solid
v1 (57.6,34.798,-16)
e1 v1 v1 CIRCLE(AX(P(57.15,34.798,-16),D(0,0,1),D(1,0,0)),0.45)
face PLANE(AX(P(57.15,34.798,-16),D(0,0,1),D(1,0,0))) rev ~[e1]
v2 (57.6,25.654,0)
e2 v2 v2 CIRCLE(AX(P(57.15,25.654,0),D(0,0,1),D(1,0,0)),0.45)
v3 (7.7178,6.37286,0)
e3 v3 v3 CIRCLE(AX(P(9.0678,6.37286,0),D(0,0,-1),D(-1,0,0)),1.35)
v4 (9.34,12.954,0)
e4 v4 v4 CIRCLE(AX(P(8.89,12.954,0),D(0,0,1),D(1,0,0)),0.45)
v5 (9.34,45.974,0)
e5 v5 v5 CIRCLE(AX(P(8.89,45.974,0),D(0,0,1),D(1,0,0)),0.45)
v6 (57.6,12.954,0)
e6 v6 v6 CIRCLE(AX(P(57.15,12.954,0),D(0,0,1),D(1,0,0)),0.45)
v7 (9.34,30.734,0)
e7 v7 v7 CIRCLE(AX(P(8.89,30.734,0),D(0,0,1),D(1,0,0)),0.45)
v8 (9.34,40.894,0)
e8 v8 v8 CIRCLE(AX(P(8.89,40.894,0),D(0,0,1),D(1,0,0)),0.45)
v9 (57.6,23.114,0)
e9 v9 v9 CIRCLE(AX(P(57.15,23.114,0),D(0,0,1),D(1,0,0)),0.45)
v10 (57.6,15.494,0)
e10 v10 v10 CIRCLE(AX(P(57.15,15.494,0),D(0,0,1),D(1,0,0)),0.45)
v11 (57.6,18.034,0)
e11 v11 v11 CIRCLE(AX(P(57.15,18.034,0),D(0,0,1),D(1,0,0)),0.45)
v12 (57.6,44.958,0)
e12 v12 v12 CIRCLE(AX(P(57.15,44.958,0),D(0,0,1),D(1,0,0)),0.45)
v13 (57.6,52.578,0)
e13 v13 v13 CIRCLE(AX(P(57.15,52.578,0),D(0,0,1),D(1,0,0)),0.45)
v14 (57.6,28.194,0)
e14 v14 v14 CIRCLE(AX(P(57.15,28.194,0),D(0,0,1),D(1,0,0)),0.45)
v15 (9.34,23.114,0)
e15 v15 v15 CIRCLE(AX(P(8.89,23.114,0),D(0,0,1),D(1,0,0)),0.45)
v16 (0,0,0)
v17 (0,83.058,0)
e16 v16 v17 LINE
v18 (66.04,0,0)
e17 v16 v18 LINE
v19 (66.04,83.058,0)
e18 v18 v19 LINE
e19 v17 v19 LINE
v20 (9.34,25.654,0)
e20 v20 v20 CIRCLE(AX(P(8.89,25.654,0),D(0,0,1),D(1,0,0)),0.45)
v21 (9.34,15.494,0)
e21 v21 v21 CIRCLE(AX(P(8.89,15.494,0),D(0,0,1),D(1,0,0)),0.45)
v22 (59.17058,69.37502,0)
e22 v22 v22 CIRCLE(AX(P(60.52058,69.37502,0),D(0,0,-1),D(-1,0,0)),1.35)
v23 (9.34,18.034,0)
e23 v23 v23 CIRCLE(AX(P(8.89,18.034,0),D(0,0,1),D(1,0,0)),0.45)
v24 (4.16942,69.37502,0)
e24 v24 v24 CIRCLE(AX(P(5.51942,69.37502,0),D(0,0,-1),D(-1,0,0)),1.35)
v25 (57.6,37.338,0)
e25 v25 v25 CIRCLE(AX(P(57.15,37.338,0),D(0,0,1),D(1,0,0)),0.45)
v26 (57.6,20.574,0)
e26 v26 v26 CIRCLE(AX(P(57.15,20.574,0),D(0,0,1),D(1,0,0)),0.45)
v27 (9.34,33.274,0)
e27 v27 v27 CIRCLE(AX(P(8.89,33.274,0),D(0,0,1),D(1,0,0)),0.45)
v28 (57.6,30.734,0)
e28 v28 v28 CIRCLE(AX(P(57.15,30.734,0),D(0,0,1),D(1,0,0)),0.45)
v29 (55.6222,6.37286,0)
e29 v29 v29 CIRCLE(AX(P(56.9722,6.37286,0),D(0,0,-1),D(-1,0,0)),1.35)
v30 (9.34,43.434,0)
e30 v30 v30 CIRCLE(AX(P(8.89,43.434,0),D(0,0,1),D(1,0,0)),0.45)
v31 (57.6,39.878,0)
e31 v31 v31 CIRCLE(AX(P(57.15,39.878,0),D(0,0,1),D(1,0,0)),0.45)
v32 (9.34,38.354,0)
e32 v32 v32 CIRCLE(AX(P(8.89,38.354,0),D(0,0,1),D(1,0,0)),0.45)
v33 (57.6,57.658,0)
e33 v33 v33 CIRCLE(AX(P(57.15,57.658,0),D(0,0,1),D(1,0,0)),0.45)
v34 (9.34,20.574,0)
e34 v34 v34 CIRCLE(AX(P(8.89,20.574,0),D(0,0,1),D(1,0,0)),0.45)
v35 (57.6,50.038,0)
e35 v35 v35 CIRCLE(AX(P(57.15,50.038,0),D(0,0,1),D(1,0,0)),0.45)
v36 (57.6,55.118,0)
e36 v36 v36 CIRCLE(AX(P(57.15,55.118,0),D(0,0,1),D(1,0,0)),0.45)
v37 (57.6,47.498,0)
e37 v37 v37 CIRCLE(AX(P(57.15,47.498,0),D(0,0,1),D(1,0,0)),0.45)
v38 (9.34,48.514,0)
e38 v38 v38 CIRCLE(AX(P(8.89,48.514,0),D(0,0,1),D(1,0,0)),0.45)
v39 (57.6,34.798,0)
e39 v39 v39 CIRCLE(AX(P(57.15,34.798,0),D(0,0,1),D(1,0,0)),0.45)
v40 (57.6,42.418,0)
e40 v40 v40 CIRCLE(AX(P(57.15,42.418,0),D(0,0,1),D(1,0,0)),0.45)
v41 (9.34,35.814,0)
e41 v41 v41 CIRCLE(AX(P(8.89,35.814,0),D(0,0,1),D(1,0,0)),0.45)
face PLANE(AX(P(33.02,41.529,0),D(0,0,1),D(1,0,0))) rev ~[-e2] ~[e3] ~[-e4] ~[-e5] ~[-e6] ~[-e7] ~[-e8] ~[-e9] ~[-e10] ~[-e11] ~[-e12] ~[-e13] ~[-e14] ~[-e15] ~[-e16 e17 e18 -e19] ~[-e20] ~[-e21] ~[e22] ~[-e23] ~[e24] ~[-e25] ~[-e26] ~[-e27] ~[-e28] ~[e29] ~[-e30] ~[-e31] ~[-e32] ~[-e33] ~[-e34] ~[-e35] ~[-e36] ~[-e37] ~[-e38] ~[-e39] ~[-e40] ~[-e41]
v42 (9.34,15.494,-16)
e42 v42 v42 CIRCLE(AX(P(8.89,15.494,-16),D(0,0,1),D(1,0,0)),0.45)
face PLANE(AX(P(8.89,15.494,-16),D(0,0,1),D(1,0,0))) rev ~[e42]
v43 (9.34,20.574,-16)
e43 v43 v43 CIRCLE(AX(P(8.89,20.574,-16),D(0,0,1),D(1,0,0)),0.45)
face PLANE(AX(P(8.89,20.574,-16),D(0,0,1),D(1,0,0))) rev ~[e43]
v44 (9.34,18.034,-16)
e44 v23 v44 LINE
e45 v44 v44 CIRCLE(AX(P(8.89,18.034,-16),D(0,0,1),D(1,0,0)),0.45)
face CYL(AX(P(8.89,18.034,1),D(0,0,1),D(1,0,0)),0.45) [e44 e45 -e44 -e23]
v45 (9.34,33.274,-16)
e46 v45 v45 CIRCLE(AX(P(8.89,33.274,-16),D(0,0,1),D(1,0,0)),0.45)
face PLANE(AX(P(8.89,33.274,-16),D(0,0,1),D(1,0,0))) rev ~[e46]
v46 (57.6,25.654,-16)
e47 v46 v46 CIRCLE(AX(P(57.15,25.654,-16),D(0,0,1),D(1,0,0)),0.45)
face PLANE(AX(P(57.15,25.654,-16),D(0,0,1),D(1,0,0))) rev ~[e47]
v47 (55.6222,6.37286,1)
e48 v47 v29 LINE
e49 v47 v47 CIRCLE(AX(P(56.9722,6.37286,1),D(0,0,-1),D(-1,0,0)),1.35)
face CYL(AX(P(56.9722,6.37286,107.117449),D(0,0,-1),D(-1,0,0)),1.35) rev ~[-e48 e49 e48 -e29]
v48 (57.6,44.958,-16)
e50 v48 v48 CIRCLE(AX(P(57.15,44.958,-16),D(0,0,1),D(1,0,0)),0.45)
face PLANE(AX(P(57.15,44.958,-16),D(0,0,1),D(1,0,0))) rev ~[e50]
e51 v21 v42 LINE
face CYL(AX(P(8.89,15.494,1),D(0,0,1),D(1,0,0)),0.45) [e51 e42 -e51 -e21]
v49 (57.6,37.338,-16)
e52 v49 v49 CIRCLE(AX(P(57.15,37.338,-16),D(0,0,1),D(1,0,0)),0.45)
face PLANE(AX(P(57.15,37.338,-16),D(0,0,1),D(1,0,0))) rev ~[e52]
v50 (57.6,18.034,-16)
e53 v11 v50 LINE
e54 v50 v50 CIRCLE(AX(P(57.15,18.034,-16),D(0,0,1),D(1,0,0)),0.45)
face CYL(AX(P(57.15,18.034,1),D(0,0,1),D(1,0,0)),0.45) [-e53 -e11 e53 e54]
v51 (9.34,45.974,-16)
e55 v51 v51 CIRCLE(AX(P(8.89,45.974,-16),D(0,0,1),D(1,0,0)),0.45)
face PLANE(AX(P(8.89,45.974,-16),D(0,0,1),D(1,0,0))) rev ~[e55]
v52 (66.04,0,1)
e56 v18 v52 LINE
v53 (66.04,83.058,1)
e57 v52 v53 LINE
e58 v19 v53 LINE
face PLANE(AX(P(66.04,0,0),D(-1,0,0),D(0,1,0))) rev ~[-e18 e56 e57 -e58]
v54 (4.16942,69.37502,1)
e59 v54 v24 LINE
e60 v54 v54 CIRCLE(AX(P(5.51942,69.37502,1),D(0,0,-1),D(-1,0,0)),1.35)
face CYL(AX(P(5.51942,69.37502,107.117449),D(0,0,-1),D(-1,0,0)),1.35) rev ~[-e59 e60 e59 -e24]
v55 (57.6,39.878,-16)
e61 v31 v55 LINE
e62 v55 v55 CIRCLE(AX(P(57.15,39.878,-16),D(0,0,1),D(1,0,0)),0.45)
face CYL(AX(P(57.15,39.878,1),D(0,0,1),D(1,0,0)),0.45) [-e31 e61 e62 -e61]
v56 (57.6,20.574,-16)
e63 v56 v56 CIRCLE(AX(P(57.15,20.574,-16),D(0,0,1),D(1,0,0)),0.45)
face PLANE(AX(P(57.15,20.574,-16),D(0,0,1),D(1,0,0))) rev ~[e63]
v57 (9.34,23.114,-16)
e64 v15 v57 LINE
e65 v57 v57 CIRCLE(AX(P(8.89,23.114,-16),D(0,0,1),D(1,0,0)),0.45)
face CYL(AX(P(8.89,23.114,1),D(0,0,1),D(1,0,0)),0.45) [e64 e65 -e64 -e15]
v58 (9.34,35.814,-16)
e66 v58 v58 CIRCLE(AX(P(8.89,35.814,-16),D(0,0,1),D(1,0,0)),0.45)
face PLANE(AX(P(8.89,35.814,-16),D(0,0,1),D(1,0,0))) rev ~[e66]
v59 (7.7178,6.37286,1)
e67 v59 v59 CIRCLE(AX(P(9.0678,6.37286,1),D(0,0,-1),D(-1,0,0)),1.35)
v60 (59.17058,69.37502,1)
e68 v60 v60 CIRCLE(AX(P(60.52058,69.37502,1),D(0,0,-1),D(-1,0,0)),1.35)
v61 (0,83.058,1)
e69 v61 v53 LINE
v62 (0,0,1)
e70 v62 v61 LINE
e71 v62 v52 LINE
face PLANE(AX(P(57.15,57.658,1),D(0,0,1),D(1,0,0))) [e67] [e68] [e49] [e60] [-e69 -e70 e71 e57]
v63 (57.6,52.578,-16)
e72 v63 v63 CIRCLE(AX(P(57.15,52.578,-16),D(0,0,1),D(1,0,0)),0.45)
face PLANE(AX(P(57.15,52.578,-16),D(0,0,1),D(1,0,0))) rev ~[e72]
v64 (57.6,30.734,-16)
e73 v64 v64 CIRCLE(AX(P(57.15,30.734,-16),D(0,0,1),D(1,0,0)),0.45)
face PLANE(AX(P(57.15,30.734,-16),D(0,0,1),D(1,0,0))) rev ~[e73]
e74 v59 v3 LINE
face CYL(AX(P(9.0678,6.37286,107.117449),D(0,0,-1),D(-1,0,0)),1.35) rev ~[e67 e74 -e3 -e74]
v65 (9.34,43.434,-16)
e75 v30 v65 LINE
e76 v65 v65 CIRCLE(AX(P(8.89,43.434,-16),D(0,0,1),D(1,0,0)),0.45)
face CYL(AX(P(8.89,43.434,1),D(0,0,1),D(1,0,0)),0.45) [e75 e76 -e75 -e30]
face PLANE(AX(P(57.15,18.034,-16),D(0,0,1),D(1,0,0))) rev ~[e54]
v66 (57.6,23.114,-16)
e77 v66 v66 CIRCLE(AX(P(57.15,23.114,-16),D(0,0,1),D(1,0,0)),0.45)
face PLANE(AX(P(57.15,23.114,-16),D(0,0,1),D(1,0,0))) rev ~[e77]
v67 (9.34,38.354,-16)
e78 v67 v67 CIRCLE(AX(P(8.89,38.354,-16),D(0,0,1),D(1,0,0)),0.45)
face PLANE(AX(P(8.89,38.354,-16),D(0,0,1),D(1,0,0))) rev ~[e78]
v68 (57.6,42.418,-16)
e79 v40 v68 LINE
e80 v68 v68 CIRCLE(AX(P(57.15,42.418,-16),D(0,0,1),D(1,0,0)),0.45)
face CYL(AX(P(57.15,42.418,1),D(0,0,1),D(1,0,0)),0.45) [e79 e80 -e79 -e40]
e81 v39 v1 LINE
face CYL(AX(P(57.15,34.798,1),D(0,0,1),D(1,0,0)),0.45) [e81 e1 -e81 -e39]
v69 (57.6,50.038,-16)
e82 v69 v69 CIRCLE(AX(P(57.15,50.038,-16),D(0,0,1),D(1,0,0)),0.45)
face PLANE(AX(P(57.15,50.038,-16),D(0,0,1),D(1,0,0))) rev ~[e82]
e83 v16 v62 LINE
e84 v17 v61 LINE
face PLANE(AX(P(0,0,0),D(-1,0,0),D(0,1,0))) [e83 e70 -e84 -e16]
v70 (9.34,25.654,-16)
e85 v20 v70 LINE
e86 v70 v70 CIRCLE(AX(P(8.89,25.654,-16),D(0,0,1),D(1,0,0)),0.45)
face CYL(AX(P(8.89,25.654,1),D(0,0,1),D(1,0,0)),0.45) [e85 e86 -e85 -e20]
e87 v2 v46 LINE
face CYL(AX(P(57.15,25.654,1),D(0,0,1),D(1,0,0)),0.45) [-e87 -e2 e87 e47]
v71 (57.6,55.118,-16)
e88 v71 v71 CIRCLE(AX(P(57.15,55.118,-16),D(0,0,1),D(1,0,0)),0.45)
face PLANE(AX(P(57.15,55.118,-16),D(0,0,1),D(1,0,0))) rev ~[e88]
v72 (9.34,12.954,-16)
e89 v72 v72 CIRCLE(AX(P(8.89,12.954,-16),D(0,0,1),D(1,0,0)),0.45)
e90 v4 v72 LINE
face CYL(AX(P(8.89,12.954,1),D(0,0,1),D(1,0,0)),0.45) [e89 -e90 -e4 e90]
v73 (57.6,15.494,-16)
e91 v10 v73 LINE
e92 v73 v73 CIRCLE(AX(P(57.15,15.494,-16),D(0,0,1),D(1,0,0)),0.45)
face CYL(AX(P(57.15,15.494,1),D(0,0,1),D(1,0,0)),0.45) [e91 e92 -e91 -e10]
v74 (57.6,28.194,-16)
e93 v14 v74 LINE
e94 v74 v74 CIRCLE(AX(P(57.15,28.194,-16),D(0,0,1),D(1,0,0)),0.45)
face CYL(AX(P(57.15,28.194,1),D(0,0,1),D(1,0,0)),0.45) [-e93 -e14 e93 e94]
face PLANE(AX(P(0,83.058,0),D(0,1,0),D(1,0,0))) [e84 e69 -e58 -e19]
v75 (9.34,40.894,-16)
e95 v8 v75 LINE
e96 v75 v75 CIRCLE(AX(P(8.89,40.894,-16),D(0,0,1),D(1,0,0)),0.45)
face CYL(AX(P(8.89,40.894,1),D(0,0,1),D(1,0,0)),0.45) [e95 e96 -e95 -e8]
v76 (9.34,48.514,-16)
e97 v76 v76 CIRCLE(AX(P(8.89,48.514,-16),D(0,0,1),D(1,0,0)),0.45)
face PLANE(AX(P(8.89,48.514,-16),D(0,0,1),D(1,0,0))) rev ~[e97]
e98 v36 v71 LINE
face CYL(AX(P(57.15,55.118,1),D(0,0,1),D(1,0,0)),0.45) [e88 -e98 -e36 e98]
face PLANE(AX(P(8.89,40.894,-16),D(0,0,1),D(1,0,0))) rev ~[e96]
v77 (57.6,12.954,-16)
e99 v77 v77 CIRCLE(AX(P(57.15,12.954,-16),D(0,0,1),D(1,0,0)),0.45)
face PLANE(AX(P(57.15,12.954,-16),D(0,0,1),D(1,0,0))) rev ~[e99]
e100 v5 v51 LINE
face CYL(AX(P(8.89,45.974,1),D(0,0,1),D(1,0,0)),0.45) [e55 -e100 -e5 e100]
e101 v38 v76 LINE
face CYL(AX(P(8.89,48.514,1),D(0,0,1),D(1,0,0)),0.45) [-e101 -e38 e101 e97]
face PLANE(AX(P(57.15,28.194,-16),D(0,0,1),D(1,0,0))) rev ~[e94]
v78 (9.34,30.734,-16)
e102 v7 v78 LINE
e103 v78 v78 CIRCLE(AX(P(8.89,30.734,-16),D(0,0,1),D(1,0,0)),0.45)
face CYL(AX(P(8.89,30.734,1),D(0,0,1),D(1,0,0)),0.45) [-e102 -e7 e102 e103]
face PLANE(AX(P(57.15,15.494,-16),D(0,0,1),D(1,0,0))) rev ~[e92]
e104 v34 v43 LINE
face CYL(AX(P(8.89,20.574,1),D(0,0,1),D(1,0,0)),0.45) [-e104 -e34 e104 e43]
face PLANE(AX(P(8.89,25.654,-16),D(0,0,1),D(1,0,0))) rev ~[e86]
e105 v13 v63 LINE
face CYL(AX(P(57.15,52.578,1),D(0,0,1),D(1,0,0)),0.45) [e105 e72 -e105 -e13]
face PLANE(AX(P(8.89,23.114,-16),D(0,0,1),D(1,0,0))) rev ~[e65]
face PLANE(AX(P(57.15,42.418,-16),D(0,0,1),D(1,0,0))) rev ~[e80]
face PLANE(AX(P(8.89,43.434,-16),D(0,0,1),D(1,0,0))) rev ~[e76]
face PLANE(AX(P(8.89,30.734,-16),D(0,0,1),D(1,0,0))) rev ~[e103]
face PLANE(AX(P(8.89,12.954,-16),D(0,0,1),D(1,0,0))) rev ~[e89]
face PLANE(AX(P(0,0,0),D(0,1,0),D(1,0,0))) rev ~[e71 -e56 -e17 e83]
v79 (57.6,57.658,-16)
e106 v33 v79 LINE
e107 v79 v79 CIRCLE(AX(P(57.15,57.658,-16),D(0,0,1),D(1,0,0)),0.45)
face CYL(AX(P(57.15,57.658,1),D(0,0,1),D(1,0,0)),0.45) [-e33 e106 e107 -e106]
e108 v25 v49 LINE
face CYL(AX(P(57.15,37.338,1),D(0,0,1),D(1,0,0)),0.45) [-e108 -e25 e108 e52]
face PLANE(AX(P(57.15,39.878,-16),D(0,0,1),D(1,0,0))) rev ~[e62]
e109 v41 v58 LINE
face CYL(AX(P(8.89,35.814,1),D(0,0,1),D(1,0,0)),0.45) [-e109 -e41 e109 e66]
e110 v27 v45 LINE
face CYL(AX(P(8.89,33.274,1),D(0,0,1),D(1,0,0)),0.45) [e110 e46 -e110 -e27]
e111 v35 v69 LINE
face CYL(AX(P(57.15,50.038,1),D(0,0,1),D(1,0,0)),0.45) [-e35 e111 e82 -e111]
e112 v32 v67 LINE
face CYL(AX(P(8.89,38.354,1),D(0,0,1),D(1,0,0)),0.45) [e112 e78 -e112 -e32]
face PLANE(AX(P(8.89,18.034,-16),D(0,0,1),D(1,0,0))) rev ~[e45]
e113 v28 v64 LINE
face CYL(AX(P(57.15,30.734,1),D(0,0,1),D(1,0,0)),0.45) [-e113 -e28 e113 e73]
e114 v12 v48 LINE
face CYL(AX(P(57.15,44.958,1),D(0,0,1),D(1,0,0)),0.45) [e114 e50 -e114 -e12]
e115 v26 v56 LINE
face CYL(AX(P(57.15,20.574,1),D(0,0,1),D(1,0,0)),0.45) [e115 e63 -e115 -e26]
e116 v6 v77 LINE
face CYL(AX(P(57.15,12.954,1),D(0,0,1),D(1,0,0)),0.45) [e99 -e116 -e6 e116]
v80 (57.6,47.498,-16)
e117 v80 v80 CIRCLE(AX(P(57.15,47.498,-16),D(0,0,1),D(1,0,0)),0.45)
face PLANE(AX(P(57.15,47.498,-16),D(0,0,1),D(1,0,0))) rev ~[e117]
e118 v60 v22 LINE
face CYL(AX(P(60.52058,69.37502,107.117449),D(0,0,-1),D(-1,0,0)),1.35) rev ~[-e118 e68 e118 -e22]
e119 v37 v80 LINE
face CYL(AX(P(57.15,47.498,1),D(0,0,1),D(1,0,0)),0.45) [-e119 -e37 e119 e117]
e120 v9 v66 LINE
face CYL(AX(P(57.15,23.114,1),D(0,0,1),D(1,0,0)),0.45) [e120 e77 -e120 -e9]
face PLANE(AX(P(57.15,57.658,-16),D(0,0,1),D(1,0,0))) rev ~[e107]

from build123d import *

# Parameters (mm, degrees)
CROQUIS1_W                     = 66.04
CROQUIS1_H                     = 83.058
SALIENTE_EXTRUIR1_DEPTH        = 1
TALADRO_DE_MARGEN_PARA_M2_51_D = 2.7
CROQUIS9_R                     = 0.45
SALIENTE_EXTRUIR2_DEPTH        = 17


with BuildPart() as part:
    # Croquis1 → Saliente-Extruir1 (new body)
    with BuildSketch(Plane.XY):
        with Locations((33.02, 41.529)):
            Rectangle(CROQUIS1_W, CROQUIS1_H)
    extrude(amount=SALIENTE_EXTRUIR1_DEPTH)

    # Taladro de margen para M2.51 (through all)
    with Locations(Plane(origin=(5.51942, 69.37502, 1), x_dir=(1, 0, 0), z_dir=(0, 0, 1))):
        with Locations((0, 0), (55.00116, 0), (3.54838, -63.00216), (51.45278, -63.00216)):
            Hole(TALADRO_DE_MARGEN_PARA_M2_51_D / 2)

    # Croquis9 → Saliente-Extruir2 (add)
    with BuildSketch(Plane.XY.offset(1)):
        with Locations((57.15, 57.658)):
            Circle(CROQUIS9_R)
        with Locations((57.15, 55.118)):
            Circle(CROQUIS9_R)
        with Locations((57.15, 52.578)):
            Circle(CROQUIS9_R)
        with Locations((57.15, 50.038)):
            Circle(CROQUIS9_R)
        with Locations((57.15, 44.958)):
            Circle(CROQUIS9_R)
        with Locations((57.15, 39.878)):
            Circle(CROQUIS9_R)
        with Locations((57.15, 37.338)):
            Circle(CROQUIS9_R)
        with Locations((57.15, 47.498)):
            Circle(CROQUIS9_R)
        with Locations((57.15, 42.418)):
            Circle(CROQUIS9_R)
        with Locations((57.15, 34.798)):
            Circle(CROQUIS9_R)
        with Locations((57.15, 30.734)):
            Circle(CROQUIS9_R)
        with Locations((57.15, 28.194)):
            Circle(CROQUIS9_R)
        with Locations((57.15, 25.654)):
            Circle(CROQUIS9_R)
        with Locations((57.15, 20.574)):
            Circle(CROQUIS9_R)
        with Locations((57.15, 23.114)):
            Circle(CROQUIS9_R)
        with Locations((57.15, 15.494)):
            Circle(CROQUIS9_R)
        with Locations((57.15, 18.034)):
            Circle(CROQUIS9_R)
        with Locations((8.89, 23.114)):
            Circle(CROQUIS9_R)
        with Locations((8.89, 20.574)):
            Circle(CROQUIS9_R)
        with Locations((8.89, 18.034)):
            Circle(CROQUIS9_R)
        with Locations((8.89, 15.494)):
            Circle(CROQUIS9_R)
        with Locations((8.89, 30.734)):
            Circle(CROQUIS9_R)
        with Locations((57.15, 12.954)):
            Circle(CROQUIS9_R)
        with Locations((8.89, 25.654)):
            Circle(CROQUIS9_R)
        with Locations((8.89, 12.954)):
            Circle(CROQUIS9_R)
        with Locations((8.89, 48.514)):
            Circle(CROQUIS9_R)
        with Locations((8.89, 45.974)):
            Circle(CROQUIS9_R)
        with Locations((8.89, 43.434)):
            Circle(CROQUIS9_R)
        with Locations((8.89, 38.354)):
            Circle(CROQUIS9_R)
        with Locations((8.89, 40.894)):
            Circle(CROQUIS9_R)
        with Locations((8.89, 33.274)):
            Circle(CROQUIS9_R)
        with Locations((8.89, 35.814)):
            Circle(CROQUIS9_R)
    extrude(amount=-SALIENTE_EXTRUIR2_DEPTH)


solid = part.part
